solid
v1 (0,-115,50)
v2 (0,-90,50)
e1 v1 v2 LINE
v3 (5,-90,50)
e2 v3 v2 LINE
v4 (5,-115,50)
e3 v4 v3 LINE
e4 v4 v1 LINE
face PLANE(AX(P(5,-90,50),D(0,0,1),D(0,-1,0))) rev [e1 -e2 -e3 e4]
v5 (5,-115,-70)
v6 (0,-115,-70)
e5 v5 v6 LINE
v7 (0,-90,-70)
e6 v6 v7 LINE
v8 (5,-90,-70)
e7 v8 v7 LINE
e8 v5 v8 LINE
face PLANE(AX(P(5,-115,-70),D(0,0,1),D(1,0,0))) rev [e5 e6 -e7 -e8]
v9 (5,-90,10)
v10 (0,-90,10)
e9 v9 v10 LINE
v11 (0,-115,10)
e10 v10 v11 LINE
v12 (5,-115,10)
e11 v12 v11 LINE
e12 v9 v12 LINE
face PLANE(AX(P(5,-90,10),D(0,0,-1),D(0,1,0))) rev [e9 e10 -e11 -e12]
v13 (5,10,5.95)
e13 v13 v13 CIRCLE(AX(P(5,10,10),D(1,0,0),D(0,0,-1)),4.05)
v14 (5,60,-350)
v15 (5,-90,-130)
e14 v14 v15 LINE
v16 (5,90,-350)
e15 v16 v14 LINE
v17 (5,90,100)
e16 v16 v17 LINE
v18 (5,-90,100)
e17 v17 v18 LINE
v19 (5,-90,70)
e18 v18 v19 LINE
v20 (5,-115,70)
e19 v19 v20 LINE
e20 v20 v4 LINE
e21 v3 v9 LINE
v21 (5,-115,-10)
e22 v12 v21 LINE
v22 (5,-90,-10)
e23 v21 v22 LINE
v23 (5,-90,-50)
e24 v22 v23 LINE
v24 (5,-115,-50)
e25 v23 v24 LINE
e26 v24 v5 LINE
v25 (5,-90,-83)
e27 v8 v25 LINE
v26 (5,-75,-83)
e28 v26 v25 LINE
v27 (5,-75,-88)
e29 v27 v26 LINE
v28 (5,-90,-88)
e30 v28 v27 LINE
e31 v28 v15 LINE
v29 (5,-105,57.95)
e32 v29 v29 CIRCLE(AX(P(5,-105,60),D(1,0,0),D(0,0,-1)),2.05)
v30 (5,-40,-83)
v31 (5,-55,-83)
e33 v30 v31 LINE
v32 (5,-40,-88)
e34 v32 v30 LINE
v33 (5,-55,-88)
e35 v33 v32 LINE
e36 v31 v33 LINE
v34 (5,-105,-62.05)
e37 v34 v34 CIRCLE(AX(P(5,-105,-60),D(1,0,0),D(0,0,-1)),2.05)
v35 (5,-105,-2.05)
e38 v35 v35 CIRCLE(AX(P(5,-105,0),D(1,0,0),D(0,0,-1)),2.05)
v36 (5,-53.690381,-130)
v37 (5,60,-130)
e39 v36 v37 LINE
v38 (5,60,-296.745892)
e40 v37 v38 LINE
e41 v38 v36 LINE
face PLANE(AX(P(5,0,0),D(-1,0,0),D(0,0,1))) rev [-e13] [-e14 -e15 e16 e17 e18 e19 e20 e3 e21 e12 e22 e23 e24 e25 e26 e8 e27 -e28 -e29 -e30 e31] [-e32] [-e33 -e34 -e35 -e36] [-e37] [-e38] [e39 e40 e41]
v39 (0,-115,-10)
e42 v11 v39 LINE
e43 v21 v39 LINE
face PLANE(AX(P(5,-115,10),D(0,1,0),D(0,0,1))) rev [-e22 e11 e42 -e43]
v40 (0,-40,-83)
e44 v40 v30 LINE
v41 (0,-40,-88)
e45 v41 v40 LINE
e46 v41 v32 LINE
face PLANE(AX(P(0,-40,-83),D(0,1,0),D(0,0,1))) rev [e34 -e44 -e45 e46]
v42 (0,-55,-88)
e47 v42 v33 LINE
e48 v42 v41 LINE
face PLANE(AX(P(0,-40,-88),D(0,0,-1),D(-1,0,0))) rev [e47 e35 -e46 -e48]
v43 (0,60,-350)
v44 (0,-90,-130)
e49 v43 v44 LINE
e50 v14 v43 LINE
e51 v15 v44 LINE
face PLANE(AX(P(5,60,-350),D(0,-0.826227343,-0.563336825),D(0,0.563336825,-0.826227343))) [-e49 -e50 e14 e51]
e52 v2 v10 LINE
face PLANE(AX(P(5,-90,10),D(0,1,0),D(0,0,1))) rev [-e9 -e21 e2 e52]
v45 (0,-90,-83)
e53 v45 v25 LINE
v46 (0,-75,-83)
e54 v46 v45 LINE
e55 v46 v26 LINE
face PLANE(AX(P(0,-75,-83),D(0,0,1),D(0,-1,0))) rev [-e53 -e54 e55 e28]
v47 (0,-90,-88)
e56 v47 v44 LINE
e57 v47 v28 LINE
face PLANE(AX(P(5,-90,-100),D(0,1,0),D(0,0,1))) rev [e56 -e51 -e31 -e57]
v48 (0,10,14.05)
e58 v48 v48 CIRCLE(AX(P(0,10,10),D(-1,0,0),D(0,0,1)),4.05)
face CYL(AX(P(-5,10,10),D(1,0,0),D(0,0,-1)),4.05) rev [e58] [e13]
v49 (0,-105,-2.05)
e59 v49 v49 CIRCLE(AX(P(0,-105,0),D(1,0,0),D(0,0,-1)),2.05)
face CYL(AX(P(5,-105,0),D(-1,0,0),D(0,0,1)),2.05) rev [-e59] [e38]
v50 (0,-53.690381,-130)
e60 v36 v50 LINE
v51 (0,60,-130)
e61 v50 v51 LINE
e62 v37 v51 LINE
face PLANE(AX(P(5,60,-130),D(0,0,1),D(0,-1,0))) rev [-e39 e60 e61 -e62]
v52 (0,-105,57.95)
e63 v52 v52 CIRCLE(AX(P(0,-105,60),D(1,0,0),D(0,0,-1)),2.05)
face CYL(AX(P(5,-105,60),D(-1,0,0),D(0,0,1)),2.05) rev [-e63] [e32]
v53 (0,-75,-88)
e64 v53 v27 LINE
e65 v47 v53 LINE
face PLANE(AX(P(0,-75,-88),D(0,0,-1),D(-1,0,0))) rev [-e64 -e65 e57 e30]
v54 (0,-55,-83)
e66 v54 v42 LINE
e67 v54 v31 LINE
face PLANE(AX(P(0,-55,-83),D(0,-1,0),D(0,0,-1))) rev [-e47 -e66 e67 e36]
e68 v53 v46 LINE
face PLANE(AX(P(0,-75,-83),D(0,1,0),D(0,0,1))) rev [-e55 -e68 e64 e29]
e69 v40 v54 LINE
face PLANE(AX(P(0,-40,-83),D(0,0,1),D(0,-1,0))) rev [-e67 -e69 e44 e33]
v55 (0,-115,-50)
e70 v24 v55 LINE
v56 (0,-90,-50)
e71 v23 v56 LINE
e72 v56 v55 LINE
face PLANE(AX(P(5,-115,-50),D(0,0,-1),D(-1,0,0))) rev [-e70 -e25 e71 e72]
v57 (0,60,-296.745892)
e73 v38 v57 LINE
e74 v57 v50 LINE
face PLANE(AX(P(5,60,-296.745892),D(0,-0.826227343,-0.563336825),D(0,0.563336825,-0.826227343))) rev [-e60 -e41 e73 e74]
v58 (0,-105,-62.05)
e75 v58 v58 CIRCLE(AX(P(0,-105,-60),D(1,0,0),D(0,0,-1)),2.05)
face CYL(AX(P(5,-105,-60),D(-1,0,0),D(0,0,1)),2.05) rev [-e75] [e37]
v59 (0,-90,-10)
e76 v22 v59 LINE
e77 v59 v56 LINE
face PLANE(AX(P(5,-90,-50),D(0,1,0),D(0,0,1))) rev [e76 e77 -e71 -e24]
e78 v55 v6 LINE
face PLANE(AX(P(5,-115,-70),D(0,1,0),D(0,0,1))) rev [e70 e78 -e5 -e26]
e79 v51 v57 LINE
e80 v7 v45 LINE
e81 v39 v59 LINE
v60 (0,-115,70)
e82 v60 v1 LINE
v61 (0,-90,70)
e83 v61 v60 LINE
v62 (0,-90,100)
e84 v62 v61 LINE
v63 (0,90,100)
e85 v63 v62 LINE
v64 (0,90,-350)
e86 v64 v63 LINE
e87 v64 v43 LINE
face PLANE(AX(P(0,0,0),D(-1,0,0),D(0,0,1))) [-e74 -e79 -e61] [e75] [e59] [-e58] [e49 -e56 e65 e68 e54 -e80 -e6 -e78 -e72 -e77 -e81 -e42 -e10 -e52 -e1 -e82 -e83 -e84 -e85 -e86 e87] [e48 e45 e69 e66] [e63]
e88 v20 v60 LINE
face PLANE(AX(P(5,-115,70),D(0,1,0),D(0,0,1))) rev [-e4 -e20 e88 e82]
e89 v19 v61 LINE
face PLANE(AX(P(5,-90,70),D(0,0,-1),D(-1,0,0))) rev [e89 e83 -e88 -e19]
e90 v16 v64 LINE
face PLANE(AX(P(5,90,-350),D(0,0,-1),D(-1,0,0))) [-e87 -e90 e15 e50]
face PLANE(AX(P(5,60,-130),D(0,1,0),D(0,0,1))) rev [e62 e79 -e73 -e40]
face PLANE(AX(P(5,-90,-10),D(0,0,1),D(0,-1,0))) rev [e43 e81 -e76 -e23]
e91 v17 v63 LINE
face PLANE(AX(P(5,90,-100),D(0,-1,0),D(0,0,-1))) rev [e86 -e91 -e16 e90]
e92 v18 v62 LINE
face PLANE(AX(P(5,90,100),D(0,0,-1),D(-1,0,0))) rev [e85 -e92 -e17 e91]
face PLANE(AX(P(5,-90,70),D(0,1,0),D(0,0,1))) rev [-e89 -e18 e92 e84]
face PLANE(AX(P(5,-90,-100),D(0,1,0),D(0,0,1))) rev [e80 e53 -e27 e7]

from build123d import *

# Parameters (mm, degrees)
SKETCH_1_R          = 2.05
EXTRUDE_1_DEPTH     = 5
SKETCH_2_R          = 4.05
CUT_EXTRUDE_1_DEPTH = 10
SKETCH_3_W          = 5
SKETCH_3_H          = 15
CUT_EXTRUDE_2_DEPTH = 153.47950682
EXTRUDE_2_DEPTH     = 5


with BuildPart() as part:
    # 草圖1 → 填料-伸長1 (new body)
    with BuildSketch(Plane(origin=(0, 0, 0), x_dir=(0, 0, -1), z_dir=(1, 0, 0))):
        Polygon((-70, -90), (-100, -90), (-100, 90), (100, 90), (100, -90), (70, -90), (70, -115), (50, -115), (50, -90), (10, -90), (10, -115), (-10, -115), (-10, -90), (-50, -90), (-50, -115), (-70, -115), align=None)
        with Locations((-60, -105)):
            Circle(SKETCH_1_R, mode=Mode.SUBTRACT)
        with Locations((0, -105)):
            Circle(SKETCH_1_R, mode=Mode.SUBTRACT)
        with Locations((60, -105)):
            Circle(SKETCH_1_R, mode=Mode.SUBTRACT)
    extrude(amount=EXTRUDE_1_DEPTH)

    # 草圖2 → 除料-伸長1 (cut)
    with BuildSketch(Plane(origin=(5, 0, 0), x_dir=(0, 0, -1), z_dir=(1, 0, 0))):
        with Locations((-10, 10)):
            Circle(SKETCH_2_R)
    extrude(amount=-CUT_EXTRUDE_1_DEPTH, mode=Mode.SUBTRACT)

    # 草圖3 → 除料-伸長2 (cut, through all)
    with BuildSketch(Plane(origin=(5, 0, 0), x_dir=(0, 0, -1), z_dir=(1, 0, 0))):
        with Locations((85.5, -47.5)):
            Rectangle(SKETCH_3_W, SKETCH_3_H)
        with Locations((85.5, -82.5)):
            Rectangle(SKETCH_3_W, SKETCH_3_H)
    extrude(amount=-CUT_EXTRUDE_2_DEPTH, mode=Mode.SUBTRACT)

    # 草圖4 → 填料-伸長2 (add)
    with BuildSketch(Plane.ZY):
        Polygon((-100, 90), (-350, 90), (-350, 60), (-130, -90), (-100, -90), align=None)
        Polygon((-130, 60), (-130, -53.69038103), (-296.745892177, 60), align=None, mode=Mode.SUBTRACT)
    extrude(amount=-EXTRUDE_2_DEPTH)


solid = part.part
